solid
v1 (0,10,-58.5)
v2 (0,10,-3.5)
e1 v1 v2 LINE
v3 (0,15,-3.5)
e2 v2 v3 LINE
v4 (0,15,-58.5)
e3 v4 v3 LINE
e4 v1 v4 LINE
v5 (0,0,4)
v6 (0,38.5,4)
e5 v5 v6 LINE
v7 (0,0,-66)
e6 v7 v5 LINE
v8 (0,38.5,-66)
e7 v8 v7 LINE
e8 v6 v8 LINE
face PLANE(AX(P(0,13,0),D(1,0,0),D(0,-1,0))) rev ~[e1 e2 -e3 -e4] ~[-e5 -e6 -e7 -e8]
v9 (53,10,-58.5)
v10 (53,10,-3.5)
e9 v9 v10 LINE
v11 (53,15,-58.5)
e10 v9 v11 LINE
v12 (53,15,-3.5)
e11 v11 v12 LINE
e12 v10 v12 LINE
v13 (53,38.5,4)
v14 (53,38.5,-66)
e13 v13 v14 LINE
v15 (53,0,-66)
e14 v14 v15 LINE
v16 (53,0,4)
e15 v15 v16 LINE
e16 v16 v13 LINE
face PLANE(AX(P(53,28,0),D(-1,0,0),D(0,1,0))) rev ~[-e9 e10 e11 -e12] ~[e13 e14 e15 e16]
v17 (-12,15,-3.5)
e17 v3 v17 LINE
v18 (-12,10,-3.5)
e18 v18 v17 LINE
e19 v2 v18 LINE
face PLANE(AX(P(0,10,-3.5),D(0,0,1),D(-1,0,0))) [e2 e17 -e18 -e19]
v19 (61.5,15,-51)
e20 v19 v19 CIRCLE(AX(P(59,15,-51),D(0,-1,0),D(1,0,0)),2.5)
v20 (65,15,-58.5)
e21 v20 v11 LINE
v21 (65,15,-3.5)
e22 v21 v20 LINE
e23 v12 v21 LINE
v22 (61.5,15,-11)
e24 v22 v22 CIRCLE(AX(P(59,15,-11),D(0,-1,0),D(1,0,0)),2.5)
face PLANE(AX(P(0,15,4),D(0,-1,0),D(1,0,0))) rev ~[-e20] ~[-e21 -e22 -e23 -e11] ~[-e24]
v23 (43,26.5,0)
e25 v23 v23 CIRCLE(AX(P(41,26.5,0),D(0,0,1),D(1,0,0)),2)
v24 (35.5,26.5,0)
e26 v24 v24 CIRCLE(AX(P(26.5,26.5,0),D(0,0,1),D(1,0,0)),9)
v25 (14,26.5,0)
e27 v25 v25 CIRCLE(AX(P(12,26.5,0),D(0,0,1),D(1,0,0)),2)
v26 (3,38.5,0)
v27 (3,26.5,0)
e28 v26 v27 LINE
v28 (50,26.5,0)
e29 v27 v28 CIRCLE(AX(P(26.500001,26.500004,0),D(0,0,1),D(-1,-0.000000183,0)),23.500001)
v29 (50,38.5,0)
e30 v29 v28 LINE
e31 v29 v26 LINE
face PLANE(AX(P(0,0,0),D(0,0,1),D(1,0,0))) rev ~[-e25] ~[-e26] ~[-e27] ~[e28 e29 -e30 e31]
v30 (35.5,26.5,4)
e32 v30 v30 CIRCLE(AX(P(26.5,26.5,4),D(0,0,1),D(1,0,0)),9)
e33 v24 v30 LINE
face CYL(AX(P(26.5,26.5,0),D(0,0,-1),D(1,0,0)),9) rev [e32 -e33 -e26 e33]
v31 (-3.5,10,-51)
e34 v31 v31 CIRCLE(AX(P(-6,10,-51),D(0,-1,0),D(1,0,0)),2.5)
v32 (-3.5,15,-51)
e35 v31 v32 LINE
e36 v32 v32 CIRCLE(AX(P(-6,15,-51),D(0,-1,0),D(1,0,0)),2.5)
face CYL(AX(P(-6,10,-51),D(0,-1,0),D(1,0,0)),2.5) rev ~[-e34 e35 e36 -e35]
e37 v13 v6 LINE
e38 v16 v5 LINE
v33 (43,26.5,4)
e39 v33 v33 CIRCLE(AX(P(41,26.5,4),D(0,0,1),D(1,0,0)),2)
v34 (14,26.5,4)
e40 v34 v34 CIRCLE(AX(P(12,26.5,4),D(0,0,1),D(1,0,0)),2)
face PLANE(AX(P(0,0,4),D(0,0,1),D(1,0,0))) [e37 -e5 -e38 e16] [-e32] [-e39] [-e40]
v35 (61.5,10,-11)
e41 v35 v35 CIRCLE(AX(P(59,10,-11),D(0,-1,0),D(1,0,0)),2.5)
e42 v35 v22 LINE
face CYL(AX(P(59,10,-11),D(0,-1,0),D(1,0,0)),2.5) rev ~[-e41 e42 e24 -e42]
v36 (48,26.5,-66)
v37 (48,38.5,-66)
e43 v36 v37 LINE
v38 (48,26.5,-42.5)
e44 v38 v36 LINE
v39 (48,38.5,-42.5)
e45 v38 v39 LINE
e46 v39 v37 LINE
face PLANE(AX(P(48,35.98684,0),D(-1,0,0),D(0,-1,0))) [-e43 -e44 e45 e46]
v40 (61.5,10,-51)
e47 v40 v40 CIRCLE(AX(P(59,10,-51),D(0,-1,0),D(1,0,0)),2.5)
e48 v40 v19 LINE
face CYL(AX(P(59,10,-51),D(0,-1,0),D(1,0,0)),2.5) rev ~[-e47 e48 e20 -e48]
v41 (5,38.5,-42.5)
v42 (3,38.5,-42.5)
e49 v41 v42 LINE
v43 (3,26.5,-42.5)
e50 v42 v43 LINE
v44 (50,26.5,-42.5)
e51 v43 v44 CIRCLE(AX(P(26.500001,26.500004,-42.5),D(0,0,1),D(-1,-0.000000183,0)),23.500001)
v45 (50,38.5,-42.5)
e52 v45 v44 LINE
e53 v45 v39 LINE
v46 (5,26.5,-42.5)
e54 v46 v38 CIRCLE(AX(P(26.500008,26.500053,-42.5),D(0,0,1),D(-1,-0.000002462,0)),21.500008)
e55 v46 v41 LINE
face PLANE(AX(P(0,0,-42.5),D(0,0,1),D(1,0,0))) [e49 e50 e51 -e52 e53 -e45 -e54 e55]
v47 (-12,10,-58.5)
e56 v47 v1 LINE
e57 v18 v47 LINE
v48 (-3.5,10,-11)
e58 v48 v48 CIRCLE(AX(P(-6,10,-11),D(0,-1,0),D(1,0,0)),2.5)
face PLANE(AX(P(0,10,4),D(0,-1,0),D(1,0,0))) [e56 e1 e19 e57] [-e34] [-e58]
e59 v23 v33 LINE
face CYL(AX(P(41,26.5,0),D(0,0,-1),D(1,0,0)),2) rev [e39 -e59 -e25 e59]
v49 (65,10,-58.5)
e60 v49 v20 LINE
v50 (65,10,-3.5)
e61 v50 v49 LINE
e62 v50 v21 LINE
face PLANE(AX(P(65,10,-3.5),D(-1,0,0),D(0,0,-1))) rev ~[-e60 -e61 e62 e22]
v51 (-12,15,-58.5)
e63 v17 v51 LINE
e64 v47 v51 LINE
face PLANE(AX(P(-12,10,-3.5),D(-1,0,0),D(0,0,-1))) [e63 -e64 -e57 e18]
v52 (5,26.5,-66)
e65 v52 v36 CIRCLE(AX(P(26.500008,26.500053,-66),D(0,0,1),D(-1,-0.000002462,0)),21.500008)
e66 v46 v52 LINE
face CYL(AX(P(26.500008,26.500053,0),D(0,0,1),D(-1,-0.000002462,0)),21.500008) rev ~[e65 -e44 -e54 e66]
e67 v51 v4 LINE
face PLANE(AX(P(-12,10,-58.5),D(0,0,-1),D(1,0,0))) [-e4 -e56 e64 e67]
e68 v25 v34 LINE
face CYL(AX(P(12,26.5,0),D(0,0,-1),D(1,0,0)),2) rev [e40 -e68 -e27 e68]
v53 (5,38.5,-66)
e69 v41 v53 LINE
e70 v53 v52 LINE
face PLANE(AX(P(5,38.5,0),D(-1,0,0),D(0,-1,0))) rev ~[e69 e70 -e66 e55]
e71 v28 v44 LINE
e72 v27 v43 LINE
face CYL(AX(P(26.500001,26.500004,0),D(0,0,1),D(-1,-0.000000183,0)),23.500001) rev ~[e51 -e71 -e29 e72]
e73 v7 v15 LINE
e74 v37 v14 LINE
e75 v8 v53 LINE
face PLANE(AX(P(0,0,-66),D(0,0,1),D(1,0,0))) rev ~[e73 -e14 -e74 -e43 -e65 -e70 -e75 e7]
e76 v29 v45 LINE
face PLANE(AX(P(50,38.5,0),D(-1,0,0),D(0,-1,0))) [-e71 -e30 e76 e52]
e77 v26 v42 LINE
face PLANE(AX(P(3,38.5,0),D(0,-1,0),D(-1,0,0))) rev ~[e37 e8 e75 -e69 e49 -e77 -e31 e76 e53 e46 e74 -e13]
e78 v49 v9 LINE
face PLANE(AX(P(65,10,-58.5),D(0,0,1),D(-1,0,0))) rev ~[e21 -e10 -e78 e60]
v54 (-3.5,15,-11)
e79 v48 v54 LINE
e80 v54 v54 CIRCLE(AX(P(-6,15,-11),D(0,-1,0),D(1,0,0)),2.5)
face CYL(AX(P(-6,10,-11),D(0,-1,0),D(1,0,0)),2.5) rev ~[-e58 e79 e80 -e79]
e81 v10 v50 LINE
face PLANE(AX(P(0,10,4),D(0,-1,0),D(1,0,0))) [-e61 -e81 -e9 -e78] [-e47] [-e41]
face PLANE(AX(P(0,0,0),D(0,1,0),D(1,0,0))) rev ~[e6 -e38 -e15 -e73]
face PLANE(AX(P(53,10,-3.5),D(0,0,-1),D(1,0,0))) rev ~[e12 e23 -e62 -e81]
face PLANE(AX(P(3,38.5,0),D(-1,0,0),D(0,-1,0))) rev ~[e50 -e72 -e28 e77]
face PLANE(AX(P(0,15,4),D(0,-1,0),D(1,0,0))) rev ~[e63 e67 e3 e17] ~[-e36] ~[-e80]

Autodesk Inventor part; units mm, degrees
ref_plane "YZ Plane" through (0, 0, 0) normal (1, 0, 0) x (0, 1, 0)
ref_plane "XZ Plane" through (0, 0, 0) normal (0, 1, 0) x (-1, 0, 0)
sketch "스케치1" plane through (0, 0, 0) normal (0, 0, 1) x (1, 0, 0)
  line L0 (0, 0) -> (53, 0)
  line L1 (53, 0) -> (53, 38.5)
  line L2 (53, 38.5) -> (0, 38.5)
  line L3 (0, 38.5) -> (0, 0)
  arc A0 (3, 26.5) -> (6.2948, 38.5) centre (26.5, 26.5) ccw
  circle A1 centre (12, 26.5) radius 2
  circle A2 centre (41, 26.5) radius 2
  arc A3 (5, 26.5) -> (8.6604, 38.5) centre (26.5, 26.5) ccw
  circle A4 centre (26.5, 26.5) radius 9
  line L4 (3, 38.5) -> (3, 26.5)
  line L5 (5, 38.5) -> (5, 26.5)
  line L6 (48, 51.0228) -> (48, 26.5)
  line L7 (50, 50.0136) -> (50, 26.5)
  line L8 (26.5, 0) -> (26.5, 1.4842)
  line L9 (0, 28) -> (-15, 28)
  line L10 (-15, 28) -> (-15, 13)
  line L11 (-15, 13) -> (0, 13)
  circle A5 centre (-9, 20.5) radius 2.5
  line L12 (53, 28) -> (68, 28)
  line L13 (68, 28) -> (68, 13)
  line L14 (68, 13) -> (53, 13)
  circle A6 centre (62, 20.5) radius 2.5
  circle A7 centre (-9, 20.5) radius 5
  circle A8 centre (62, 20.5) radius 5
  point P0 (44.3396, 38.5)
  point P1 (8.6604, 38.5)
  point P2 (6.2948, 38.5)
  point P3 (46.7052, 38.5)
  point P4 (50, 38.5)
  point P5 (48, 38.5)
  point P6 (-15, 20.5)
  dimension "d1" = 47
  dimension "d2" = 3
  dimension "d3" = 3
  dimension "d4" = 3
  dimension "d5" = 4
  dimension "d6" = 29
  dimension "d7" = 14.5
  dimension "d8" = 10
  dimension "d9" = 43
  dimension "d16" = 18
  dimension "d23" = 15
  dimension "d24" = 15
  dimension "d25" = 6
  dimension "d26" = 5
  dimension "d27" = 13
  dimension "d30" = 10
extrude "돌출1" add sketch "스케치1" along normal blind 4 contours L3 L2 L4 A0 L7 L1 L0 | L2 L5 A3 L6 A0 L4 | L2 A3 L5 | L7 A0 L6 L2 | L6 A0 L2 | A0 L6 A3 L2
extrude "돌출2" add sketch "스케치1" against normal blind 66 contours L3 L2 L4 A0 L7 L1 L0 | L2 L5 A3 L6 A0 L4 | L7 A0 L6 L2
extrude "돌출3" cut sketch "스케치1" against normal blind 42.5 contours L2 L5 A3 L6 A0 L4 | L2 A3 L5 | L7 A0 L6 L2 | L6 A0 L2 | A0 L6 A3 L2 | A1 | A2 | A4
ref_plane "작업 평면1" through (0, 10, 4) normal (0, -1, 0) x (1, 0, 0)
sketch "스케치2" plane through (0, 10, 4) normal (0, -1, 0) x (1, 0, 0)
  line L0 (0, -70) -> (0, 0) projected
  line L1 (0, 0) -> (0, -70) projected
  line L2 (0, 0) -> (53, 0) projected
  line L3 (53, 0) -> (0, 0) projected
  line L4 (10, 0) -> (14, 0) projected
  line L5 (39, 0) -> (43, 0) projected
  line L6 (17.5, 0) -> (35.5, 0) projected
  line L7 (53, -70) -> (53, 0) projected
  line L8 (53, -70) -> (53, 0) projected
  line L9 (0, -7.5) -> (-12, -7.5)
  line L10 (-12, -7.5) -> (-12, -62.5)
  line L11 (-12, -62.5) -> (0, -62.5)
  circle A0 centre (-6, -15) radius 2.5
  circle A1 centre (-6, -55) radius 2.5
  line L12 (26.5, 0) -> (26.5, -15)
  line L13 (53, -7.5) -> (65, -7.5)
  line L14 (65, -7.5) -> (65, -62.5)
  line L15 (65, -62.5) -> (53, -62.5)
  circle A2 centre (59, -15) radius 2.5
  circle A3 centre (59, -55) radius 2.5
  point P0 (0, -4)
  point P1 (-6, -62.5)
  point P2 (0, -35)
  point P3 (-12, -35)
  dimension "d36" = 5
  dimension "d37" = 5
  dimension "d39" = 55
  dimension "d40" = 12
  dimension "d41" = 40
  dimension "d42" = 20
extrude "돌출6" add sketch "스케치2" against normal blind 5
equation "\"d7\" = 0.5 * d6"
equation "\"d42\" = 0.5 * d41"
properties part number "MotorCover_3D 인쇄"
